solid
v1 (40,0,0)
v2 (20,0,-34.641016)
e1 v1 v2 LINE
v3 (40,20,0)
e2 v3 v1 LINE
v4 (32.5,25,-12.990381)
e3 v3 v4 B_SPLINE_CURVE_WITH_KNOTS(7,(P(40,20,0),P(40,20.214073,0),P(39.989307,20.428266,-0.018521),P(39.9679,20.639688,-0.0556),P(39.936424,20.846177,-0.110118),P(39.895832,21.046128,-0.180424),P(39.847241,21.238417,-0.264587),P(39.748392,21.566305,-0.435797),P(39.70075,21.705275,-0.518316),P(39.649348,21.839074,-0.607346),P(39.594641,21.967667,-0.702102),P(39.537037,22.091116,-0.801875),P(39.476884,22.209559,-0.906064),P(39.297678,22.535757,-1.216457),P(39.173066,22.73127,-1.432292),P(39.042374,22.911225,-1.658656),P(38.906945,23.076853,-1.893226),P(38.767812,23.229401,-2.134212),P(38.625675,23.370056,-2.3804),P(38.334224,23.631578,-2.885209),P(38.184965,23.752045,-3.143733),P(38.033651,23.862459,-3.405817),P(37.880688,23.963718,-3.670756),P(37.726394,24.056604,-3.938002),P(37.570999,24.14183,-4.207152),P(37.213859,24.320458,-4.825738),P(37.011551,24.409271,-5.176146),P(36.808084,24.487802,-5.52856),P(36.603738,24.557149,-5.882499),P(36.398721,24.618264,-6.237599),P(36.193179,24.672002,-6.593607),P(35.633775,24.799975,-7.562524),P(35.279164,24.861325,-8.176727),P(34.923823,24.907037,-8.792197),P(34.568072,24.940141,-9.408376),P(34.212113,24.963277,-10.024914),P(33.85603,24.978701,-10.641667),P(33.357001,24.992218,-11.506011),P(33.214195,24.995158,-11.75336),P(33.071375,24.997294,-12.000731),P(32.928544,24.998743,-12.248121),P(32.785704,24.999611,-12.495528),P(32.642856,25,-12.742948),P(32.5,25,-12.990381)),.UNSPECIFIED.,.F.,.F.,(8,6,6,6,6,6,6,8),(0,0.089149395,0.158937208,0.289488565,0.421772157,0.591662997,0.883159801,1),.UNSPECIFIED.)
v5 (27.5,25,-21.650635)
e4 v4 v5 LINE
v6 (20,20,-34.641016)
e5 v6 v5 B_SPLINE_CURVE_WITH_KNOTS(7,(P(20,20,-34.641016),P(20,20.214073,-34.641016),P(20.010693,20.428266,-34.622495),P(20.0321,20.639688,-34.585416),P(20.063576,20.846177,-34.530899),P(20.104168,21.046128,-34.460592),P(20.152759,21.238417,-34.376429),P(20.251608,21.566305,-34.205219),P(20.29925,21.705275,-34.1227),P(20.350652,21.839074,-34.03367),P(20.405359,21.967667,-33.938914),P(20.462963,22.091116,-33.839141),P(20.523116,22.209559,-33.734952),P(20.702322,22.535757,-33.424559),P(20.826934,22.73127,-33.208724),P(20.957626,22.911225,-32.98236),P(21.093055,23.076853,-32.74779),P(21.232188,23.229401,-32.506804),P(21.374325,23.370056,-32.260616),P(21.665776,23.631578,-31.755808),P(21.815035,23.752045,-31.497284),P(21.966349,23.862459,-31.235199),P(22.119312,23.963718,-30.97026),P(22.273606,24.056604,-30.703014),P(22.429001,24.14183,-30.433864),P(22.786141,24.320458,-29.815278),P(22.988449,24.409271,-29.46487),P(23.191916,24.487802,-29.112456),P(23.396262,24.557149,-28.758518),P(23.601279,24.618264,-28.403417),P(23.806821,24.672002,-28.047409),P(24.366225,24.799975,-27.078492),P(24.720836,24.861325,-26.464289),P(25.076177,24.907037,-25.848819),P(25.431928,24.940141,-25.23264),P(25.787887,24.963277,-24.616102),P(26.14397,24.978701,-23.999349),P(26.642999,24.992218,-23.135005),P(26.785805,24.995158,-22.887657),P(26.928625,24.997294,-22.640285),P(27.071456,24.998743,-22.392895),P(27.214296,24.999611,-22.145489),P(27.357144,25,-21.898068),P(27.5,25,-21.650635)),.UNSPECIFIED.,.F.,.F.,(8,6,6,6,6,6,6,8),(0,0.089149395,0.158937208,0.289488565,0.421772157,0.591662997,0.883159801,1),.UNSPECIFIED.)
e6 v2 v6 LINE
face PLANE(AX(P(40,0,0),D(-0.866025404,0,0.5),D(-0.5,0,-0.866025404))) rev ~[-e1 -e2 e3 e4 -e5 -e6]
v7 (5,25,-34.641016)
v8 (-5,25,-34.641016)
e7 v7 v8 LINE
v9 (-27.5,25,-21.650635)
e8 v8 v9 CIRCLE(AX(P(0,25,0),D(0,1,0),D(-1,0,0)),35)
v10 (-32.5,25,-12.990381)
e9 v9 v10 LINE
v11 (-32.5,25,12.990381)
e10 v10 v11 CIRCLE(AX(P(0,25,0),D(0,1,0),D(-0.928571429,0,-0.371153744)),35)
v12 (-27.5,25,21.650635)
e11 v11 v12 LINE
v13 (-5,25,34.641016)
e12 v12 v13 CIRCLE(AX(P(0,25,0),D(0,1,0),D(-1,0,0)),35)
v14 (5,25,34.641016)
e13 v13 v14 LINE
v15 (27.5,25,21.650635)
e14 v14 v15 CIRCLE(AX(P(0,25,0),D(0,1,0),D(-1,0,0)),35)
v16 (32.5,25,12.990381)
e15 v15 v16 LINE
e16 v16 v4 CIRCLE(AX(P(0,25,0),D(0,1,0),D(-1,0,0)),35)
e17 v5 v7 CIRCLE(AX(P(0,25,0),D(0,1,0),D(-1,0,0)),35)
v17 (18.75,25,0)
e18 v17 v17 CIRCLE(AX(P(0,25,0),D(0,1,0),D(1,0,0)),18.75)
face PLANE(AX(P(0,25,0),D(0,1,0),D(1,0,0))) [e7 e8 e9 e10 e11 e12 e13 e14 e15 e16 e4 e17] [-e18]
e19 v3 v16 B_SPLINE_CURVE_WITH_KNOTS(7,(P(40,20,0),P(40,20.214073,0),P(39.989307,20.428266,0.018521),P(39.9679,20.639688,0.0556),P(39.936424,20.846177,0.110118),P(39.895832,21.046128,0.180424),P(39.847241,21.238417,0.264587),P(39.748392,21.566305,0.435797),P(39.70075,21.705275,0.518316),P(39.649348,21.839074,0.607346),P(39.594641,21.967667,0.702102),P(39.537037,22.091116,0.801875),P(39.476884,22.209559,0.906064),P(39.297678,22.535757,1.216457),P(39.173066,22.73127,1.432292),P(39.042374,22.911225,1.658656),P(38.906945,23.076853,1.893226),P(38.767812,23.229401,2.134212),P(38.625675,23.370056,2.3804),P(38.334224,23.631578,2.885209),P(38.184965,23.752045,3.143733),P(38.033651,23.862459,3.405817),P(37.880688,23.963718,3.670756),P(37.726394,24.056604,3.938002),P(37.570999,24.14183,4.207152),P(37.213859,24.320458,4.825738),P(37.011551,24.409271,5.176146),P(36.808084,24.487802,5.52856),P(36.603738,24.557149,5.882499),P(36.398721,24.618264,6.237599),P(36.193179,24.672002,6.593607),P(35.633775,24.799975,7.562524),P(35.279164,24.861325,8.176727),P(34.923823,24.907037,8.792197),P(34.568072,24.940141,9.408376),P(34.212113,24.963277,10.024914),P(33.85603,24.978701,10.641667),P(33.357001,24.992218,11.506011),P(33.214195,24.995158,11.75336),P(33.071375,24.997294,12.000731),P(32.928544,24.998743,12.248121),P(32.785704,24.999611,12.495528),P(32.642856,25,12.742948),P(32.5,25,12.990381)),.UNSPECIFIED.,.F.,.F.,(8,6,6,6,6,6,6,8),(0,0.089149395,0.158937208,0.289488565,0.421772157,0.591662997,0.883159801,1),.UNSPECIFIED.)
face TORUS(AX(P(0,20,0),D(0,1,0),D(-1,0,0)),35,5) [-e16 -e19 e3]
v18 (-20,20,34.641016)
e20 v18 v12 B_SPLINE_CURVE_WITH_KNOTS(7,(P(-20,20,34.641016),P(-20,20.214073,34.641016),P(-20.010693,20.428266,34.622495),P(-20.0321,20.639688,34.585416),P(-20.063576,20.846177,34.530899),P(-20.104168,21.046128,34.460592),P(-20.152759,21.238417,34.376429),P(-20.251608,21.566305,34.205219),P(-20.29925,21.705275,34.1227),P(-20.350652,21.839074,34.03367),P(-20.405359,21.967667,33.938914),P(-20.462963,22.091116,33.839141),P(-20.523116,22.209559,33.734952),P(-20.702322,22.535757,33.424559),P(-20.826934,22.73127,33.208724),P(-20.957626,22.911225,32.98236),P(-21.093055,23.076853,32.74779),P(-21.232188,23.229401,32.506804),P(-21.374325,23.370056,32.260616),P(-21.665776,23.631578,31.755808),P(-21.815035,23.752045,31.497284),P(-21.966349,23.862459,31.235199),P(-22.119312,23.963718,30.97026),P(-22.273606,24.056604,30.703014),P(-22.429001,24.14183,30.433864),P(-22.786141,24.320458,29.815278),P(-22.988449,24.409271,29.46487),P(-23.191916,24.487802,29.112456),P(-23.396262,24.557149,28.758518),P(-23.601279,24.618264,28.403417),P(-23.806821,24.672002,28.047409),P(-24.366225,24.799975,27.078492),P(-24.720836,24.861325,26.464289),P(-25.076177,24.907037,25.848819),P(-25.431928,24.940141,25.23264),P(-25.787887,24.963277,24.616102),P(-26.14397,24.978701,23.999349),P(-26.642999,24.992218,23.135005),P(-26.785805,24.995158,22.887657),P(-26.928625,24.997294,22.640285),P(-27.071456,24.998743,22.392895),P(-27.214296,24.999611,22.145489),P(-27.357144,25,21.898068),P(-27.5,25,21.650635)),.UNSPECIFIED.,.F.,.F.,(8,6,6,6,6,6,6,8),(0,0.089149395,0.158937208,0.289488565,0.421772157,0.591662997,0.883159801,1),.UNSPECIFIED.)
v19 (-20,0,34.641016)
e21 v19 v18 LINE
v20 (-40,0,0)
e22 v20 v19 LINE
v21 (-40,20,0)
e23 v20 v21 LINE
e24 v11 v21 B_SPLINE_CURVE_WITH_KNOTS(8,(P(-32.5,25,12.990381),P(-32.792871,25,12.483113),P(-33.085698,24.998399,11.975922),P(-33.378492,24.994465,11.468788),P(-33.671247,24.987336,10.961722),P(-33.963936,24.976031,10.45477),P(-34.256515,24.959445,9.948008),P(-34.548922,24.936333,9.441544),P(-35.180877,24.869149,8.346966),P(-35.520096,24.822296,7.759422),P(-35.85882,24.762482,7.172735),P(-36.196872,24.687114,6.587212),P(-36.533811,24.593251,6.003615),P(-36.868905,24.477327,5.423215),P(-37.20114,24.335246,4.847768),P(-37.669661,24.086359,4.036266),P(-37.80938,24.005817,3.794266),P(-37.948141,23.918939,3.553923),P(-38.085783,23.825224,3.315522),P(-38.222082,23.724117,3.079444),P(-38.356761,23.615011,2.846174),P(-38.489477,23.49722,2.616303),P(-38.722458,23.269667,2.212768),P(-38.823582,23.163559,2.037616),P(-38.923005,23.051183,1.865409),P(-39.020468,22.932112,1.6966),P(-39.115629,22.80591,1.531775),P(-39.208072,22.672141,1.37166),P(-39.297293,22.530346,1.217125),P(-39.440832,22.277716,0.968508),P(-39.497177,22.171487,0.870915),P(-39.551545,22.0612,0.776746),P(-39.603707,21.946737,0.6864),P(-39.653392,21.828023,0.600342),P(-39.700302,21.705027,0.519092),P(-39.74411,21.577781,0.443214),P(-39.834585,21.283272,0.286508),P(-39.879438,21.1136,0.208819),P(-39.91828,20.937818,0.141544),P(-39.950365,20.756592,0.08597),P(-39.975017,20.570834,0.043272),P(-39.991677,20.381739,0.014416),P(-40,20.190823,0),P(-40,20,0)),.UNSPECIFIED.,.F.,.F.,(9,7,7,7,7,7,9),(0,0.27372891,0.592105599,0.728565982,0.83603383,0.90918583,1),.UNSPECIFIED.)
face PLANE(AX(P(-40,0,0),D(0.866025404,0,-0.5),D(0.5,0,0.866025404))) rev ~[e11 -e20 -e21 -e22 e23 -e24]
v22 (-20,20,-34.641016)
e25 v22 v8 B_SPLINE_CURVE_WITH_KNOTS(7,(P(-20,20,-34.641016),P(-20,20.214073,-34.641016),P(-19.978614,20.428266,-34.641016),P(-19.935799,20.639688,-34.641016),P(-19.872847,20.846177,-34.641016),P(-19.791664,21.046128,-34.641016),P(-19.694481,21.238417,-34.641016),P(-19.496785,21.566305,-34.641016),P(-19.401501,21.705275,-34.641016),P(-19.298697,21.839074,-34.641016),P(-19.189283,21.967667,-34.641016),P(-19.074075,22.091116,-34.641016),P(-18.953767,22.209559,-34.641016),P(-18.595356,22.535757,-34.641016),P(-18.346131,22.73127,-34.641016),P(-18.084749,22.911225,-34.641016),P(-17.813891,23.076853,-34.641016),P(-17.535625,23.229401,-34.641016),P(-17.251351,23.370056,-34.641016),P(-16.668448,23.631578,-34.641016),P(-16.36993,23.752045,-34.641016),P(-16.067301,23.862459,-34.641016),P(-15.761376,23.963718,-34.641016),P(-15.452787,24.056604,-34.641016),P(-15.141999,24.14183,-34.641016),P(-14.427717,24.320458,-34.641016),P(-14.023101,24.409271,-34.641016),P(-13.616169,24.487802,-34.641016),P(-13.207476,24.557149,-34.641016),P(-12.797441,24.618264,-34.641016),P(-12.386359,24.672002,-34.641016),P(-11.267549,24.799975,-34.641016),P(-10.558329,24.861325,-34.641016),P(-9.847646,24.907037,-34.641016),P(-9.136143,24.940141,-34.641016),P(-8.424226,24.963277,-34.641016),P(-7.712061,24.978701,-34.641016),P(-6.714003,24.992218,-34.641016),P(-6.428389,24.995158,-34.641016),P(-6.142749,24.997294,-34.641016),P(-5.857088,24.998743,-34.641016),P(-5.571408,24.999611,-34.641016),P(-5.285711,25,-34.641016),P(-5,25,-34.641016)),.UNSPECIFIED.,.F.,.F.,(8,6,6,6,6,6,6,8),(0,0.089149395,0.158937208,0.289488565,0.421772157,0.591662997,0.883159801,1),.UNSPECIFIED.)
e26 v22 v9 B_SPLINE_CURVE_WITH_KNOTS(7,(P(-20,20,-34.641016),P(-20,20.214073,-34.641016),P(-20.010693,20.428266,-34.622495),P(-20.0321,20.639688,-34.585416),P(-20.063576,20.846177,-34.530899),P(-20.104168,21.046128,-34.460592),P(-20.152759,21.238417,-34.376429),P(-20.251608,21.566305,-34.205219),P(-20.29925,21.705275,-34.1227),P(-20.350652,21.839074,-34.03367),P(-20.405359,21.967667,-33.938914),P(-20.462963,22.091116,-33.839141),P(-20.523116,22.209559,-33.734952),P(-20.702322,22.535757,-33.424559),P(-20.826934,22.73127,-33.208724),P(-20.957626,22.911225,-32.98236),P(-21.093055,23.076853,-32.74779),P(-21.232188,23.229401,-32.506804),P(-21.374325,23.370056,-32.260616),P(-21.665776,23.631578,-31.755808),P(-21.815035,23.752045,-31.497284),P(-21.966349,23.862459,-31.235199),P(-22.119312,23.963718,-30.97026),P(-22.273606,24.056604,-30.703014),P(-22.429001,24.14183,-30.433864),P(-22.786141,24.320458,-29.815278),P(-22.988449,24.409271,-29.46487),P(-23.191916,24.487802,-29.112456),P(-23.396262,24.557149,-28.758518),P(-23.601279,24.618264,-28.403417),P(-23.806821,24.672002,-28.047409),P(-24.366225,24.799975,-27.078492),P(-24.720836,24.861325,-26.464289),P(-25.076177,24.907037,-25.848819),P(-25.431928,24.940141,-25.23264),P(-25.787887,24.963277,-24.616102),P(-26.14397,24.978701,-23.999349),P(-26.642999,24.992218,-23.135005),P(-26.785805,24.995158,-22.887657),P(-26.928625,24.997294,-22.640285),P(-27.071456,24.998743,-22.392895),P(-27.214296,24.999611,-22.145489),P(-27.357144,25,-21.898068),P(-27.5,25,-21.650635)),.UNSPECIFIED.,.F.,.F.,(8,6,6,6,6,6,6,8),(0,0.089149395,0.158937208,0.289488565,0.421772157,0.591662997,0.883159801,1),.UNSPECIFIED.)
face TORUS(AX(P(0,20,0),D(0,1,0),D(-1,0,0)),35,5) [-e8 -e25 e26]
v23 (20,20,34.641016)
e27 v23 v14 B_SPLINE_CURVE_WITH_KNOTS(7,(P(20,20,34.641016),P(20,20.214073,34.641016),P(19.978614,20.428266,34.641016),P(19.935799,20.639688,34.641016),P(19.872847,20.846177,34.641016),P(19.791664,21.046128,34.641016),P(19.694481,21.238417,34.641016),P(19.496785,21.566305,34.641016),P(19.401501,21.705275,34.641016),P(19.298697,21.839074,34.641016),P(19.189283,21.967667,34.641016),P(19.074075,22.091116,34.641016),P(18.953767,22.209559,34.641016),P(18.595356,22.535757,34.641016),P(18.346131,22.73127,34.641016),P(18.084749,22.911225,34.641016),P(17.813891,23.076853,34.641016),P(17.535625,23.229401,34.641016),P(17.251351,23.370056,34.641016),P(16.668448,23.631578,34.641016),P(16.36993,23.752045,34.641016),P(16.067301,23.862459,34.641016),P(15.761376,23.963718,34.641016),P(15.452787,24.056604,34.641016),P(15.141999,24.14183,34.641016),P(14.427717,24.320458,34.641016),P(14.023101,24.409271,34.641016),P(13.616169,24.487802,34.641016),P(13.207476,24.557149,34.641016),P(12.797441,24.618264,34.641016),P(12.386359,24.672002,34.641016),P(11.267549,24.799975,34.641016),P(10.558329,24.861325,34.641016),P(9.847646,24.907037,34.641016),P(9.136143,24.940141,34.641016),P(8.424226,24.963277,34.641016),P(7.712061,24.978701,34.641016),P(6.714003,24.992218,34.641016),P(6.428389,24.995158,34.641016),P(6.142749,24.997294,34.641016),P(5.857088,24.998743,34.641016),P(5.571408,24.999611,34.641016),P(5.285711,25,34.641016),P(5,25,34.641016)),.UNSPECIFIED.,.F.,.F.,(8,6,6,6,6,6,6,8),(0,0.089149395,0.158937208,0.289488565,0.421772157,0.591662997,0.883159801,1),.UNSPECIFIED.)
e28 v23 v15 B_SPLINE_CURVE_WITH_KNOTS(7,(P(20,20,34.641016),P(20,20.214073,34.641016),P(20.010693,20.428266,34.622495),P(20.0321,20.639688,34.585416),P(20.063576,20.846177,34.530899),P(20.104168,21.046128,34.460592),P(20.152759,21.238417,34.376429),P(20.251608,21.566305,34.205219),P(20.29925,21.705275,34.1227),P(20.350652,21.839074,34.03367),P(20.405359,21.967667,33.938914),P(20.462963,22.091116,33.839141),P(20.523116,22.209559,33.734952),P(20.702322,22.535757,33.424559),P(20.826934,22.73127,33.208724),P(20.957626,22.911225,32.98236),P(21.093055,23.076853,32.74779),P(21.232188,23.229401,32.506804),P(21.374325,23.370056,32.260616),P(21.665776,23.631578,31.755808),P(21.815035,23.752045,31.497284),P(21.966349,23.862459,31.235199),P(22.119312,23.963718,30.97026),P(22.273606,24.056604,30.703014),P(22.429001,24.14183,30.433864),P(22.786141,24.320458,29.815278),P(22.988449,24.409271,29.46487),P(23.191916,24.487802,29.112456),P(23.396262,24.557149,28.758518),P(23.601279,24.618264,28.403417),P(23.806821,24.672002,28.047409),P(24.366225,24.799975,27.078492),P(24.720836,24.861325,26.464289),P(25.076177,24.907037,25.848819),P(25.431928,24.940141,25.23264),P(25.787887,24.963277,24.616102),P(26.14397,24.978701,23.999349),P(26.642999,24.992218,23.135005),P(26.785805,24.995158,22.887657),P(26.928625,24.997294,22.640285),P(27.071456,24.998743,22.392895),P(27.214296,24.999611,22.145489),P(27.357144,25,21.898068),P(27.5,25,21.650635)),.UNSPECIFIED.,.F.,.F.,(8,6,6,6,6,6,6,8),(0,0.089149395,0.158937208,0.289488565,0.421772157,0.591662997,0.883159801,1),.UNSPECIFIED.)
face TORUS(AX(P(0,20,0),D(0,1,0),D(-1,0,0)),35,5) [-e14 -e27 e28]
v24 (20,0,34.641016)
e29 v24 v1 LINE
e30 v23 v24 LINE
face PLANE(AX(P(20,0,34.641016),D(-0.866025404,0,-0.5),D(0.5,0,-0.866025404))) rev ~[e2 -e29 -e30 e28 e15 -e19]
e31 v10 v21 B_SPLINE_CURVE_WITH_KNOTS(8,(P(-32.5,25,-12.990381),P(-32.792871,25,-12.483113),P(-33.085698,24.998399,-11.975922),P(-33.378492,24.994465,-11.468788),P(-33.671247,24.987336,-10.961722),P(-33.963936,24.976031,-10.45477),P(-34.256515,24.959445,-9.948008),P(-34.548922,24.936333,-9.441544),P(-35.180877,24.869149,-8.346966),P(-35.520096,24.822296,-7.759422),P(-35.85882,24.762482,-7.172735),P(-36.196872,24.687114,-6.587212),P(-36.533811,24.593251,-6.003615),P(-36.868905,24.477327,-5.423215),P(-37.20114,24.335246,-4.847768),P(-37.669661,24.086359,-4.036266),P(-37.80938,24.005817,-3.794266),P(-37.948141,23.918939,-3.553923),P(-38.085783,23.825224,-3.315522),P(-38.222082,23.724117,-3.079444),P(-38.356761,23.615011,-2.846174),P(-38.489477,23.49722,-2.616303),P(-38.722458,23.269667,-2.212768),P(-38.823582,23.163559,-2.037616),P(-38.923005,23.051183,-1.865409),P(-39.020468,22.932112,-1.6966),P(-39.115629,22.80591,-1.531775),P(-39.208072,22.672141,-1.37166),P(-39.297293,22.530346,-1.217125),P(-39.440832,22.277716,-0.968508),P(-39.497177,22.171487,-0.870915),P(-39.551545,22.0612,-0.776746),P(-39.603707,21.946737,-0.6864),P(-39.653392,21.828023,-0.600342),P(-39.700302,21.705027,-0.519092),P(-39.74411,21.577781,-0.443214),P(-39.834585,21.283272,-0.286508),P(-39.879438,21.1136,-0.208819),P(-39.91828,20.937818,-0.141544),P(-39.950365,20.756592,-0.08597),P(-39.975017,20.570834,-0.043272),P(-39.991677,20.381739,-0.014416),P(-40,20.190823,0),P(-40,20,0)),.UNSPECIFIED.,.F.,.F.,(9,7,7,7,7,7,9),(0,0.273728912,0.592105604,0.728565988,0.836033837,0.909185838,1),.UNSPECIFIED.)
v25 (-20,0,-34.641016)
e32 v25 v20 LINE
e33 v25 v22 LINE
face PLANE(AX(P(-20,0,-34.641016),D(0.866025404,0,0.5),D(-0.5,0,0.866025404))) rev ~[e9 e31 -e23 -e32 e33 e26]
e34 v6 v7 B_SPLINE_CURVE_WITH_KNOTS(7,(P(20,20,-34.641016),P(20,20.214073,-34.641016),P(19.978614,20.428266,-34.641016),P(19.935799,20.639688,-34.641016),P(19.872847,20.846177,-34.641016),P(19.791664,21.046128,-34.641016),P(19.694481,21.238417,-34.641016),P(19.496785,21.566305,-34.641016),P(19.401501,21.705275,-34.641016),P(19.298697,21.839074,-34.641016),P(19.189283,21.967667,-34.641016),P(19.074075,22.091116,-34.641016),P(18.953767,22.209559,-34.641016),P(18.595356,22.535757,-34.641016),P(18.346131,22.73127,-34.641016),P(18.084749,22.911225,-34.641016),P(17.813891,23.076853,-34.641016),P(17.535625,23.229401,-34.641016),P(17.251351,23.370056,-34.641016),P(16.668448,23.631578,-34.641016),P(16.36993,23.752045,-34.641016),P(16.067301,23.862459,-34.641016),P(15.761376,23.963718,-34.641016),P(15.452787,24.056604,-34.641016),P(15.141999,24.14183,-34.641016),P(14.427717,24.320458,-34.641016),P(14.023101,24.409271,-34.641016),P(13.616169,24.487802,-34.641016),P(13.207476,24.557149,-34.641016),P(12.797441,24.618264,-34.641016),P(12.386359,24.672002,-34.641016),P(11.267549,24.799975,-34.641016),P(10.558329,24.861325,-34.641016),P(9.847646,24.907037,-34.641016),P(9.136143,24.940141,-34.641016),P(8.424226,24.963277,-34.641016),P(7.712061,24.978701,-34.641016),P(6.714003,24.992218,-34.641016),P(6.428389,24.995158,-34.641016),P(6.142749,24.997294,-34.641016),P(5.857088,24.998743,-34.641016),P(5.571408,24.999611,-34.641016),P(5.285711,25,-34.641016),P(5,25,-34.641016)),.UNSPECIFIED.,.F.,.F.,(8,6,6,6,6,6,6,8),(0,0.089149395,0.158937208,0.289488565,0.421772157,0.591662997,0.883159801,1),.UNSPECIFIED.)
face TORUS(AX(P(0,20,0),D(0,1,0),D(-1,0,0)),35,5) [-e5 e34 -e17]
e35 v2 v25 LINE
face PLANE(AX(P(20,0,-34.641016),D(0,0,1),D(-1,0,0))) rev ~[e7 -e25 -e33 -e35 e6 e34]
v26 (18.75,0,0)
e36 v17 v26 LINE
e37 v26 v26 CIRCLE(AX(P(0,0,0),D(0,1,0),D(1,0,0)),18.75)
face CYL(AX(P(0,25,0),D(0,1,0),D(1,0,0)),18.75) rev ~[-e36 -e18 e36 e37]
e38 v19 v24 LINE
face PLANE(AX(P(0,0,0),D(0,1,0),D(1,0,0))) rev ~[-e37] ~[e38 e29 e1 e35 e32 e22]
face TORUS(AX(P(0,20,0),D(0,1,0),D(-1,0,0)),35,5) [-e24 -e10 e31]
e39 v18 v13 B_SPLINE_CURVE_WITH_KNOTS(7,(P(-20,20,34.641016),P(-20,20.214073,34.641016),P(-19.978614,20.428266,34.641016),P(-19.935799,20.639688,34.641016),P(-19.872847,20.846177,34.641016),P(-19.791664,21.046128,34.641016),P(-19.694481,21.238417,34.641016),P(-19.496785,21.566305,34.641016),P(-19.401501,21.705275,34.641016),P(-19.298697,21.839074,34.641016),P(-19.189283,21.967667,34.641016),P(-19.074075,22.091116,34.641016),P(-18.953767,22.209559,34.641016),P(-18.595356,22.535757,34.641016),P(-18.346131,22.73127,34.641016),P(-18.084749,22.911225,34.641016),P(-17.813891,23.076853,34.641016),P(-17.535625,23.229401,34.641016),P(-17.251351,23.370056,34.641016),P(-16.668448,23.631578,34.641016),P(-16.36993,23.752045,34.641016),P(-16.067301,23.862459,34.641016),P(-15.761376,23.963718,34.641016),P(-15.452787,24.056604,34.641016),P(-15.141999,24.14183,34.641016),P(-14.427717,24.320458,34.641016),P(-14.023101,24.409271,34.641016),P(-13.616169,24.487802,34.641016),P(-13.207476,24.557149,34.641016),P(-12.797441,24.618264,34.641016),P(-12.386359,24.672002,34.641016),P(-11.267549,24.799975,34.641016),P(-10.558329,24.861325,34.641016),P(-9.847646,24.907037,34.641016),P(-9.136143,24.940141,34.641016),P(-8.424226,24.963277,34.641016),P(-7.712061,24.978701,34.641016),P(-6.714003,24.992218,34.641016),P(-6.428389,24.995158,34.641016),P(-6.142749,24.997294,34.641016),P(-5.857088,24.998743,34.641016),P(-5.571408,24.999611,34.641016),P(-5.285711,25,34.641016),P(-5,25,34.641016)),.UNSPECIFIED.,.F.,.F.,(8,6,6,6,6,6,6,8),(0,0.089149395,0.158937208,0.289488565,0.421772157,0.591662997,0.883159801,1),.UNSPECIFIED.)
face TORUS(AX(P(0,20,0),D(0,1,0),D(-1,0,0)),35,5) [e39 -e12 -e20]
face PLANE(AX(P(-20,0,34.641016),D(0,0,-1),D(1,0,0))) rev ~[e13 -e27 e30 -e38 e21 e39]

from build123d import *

# Parameters (mm, degrees)
BOSS_EXTRUDE1_DEPTH = 25
SKETCH3_R           = 18.75
CUT_EXTRUDE1_DEPTH  = 49


with BuildPart() as part:
    # Sketch1 → Boss-Extrude1 (new body)
    with BuildSketch(Plane(origin=(0, 0, 0), x_dir=(1, 0, 0), z_dir=(0, 1, 0))):
        Polygon((40, 0), (20, 34.641016151), (-20, 34.641016151), (-40, 0), (-20, -34.641016151), (20, -34.641016151), align=None)
    extrude(amount=BOSS_EXTRUDE1_DEPTH)

    # Sketch2 → Cut-Revolve1 (revolve, cut)
    with BuildSketch(Plane.XY):
        with BuildLine():
            Line((-40, 19.787670443), (-40, 20))
            ThreePointArc((-40, 20), (-38.535533906, 23.535533906), (-35, 25))
            Line((-35, 25), (-37.757743641, 31.268029575))
            Line((-37.757743641, 31.268029575), (-44.972742857, 23.763902868))
            Line((-44.972742857, 23.763902868), (-40, 19.787670443))
        make_face()
    revolve(axis=Axis((0, 25, 0), (0, 1, 0)), mode=Mode.SUBTRACT)

    # Sketch3 → Cut-Extrude1 (cut)
    with BuildSketch(Plane(origin=(0, 25, 0), x_dir=(1, 0, 0), z_dir=(0, 1, 0))):
        Circle(SKETCH3_R)
    extrude(amount=-CUT_EXTRUDE1_DEPTH, mode=Mode.SUBTRACT)


solid = part.part
